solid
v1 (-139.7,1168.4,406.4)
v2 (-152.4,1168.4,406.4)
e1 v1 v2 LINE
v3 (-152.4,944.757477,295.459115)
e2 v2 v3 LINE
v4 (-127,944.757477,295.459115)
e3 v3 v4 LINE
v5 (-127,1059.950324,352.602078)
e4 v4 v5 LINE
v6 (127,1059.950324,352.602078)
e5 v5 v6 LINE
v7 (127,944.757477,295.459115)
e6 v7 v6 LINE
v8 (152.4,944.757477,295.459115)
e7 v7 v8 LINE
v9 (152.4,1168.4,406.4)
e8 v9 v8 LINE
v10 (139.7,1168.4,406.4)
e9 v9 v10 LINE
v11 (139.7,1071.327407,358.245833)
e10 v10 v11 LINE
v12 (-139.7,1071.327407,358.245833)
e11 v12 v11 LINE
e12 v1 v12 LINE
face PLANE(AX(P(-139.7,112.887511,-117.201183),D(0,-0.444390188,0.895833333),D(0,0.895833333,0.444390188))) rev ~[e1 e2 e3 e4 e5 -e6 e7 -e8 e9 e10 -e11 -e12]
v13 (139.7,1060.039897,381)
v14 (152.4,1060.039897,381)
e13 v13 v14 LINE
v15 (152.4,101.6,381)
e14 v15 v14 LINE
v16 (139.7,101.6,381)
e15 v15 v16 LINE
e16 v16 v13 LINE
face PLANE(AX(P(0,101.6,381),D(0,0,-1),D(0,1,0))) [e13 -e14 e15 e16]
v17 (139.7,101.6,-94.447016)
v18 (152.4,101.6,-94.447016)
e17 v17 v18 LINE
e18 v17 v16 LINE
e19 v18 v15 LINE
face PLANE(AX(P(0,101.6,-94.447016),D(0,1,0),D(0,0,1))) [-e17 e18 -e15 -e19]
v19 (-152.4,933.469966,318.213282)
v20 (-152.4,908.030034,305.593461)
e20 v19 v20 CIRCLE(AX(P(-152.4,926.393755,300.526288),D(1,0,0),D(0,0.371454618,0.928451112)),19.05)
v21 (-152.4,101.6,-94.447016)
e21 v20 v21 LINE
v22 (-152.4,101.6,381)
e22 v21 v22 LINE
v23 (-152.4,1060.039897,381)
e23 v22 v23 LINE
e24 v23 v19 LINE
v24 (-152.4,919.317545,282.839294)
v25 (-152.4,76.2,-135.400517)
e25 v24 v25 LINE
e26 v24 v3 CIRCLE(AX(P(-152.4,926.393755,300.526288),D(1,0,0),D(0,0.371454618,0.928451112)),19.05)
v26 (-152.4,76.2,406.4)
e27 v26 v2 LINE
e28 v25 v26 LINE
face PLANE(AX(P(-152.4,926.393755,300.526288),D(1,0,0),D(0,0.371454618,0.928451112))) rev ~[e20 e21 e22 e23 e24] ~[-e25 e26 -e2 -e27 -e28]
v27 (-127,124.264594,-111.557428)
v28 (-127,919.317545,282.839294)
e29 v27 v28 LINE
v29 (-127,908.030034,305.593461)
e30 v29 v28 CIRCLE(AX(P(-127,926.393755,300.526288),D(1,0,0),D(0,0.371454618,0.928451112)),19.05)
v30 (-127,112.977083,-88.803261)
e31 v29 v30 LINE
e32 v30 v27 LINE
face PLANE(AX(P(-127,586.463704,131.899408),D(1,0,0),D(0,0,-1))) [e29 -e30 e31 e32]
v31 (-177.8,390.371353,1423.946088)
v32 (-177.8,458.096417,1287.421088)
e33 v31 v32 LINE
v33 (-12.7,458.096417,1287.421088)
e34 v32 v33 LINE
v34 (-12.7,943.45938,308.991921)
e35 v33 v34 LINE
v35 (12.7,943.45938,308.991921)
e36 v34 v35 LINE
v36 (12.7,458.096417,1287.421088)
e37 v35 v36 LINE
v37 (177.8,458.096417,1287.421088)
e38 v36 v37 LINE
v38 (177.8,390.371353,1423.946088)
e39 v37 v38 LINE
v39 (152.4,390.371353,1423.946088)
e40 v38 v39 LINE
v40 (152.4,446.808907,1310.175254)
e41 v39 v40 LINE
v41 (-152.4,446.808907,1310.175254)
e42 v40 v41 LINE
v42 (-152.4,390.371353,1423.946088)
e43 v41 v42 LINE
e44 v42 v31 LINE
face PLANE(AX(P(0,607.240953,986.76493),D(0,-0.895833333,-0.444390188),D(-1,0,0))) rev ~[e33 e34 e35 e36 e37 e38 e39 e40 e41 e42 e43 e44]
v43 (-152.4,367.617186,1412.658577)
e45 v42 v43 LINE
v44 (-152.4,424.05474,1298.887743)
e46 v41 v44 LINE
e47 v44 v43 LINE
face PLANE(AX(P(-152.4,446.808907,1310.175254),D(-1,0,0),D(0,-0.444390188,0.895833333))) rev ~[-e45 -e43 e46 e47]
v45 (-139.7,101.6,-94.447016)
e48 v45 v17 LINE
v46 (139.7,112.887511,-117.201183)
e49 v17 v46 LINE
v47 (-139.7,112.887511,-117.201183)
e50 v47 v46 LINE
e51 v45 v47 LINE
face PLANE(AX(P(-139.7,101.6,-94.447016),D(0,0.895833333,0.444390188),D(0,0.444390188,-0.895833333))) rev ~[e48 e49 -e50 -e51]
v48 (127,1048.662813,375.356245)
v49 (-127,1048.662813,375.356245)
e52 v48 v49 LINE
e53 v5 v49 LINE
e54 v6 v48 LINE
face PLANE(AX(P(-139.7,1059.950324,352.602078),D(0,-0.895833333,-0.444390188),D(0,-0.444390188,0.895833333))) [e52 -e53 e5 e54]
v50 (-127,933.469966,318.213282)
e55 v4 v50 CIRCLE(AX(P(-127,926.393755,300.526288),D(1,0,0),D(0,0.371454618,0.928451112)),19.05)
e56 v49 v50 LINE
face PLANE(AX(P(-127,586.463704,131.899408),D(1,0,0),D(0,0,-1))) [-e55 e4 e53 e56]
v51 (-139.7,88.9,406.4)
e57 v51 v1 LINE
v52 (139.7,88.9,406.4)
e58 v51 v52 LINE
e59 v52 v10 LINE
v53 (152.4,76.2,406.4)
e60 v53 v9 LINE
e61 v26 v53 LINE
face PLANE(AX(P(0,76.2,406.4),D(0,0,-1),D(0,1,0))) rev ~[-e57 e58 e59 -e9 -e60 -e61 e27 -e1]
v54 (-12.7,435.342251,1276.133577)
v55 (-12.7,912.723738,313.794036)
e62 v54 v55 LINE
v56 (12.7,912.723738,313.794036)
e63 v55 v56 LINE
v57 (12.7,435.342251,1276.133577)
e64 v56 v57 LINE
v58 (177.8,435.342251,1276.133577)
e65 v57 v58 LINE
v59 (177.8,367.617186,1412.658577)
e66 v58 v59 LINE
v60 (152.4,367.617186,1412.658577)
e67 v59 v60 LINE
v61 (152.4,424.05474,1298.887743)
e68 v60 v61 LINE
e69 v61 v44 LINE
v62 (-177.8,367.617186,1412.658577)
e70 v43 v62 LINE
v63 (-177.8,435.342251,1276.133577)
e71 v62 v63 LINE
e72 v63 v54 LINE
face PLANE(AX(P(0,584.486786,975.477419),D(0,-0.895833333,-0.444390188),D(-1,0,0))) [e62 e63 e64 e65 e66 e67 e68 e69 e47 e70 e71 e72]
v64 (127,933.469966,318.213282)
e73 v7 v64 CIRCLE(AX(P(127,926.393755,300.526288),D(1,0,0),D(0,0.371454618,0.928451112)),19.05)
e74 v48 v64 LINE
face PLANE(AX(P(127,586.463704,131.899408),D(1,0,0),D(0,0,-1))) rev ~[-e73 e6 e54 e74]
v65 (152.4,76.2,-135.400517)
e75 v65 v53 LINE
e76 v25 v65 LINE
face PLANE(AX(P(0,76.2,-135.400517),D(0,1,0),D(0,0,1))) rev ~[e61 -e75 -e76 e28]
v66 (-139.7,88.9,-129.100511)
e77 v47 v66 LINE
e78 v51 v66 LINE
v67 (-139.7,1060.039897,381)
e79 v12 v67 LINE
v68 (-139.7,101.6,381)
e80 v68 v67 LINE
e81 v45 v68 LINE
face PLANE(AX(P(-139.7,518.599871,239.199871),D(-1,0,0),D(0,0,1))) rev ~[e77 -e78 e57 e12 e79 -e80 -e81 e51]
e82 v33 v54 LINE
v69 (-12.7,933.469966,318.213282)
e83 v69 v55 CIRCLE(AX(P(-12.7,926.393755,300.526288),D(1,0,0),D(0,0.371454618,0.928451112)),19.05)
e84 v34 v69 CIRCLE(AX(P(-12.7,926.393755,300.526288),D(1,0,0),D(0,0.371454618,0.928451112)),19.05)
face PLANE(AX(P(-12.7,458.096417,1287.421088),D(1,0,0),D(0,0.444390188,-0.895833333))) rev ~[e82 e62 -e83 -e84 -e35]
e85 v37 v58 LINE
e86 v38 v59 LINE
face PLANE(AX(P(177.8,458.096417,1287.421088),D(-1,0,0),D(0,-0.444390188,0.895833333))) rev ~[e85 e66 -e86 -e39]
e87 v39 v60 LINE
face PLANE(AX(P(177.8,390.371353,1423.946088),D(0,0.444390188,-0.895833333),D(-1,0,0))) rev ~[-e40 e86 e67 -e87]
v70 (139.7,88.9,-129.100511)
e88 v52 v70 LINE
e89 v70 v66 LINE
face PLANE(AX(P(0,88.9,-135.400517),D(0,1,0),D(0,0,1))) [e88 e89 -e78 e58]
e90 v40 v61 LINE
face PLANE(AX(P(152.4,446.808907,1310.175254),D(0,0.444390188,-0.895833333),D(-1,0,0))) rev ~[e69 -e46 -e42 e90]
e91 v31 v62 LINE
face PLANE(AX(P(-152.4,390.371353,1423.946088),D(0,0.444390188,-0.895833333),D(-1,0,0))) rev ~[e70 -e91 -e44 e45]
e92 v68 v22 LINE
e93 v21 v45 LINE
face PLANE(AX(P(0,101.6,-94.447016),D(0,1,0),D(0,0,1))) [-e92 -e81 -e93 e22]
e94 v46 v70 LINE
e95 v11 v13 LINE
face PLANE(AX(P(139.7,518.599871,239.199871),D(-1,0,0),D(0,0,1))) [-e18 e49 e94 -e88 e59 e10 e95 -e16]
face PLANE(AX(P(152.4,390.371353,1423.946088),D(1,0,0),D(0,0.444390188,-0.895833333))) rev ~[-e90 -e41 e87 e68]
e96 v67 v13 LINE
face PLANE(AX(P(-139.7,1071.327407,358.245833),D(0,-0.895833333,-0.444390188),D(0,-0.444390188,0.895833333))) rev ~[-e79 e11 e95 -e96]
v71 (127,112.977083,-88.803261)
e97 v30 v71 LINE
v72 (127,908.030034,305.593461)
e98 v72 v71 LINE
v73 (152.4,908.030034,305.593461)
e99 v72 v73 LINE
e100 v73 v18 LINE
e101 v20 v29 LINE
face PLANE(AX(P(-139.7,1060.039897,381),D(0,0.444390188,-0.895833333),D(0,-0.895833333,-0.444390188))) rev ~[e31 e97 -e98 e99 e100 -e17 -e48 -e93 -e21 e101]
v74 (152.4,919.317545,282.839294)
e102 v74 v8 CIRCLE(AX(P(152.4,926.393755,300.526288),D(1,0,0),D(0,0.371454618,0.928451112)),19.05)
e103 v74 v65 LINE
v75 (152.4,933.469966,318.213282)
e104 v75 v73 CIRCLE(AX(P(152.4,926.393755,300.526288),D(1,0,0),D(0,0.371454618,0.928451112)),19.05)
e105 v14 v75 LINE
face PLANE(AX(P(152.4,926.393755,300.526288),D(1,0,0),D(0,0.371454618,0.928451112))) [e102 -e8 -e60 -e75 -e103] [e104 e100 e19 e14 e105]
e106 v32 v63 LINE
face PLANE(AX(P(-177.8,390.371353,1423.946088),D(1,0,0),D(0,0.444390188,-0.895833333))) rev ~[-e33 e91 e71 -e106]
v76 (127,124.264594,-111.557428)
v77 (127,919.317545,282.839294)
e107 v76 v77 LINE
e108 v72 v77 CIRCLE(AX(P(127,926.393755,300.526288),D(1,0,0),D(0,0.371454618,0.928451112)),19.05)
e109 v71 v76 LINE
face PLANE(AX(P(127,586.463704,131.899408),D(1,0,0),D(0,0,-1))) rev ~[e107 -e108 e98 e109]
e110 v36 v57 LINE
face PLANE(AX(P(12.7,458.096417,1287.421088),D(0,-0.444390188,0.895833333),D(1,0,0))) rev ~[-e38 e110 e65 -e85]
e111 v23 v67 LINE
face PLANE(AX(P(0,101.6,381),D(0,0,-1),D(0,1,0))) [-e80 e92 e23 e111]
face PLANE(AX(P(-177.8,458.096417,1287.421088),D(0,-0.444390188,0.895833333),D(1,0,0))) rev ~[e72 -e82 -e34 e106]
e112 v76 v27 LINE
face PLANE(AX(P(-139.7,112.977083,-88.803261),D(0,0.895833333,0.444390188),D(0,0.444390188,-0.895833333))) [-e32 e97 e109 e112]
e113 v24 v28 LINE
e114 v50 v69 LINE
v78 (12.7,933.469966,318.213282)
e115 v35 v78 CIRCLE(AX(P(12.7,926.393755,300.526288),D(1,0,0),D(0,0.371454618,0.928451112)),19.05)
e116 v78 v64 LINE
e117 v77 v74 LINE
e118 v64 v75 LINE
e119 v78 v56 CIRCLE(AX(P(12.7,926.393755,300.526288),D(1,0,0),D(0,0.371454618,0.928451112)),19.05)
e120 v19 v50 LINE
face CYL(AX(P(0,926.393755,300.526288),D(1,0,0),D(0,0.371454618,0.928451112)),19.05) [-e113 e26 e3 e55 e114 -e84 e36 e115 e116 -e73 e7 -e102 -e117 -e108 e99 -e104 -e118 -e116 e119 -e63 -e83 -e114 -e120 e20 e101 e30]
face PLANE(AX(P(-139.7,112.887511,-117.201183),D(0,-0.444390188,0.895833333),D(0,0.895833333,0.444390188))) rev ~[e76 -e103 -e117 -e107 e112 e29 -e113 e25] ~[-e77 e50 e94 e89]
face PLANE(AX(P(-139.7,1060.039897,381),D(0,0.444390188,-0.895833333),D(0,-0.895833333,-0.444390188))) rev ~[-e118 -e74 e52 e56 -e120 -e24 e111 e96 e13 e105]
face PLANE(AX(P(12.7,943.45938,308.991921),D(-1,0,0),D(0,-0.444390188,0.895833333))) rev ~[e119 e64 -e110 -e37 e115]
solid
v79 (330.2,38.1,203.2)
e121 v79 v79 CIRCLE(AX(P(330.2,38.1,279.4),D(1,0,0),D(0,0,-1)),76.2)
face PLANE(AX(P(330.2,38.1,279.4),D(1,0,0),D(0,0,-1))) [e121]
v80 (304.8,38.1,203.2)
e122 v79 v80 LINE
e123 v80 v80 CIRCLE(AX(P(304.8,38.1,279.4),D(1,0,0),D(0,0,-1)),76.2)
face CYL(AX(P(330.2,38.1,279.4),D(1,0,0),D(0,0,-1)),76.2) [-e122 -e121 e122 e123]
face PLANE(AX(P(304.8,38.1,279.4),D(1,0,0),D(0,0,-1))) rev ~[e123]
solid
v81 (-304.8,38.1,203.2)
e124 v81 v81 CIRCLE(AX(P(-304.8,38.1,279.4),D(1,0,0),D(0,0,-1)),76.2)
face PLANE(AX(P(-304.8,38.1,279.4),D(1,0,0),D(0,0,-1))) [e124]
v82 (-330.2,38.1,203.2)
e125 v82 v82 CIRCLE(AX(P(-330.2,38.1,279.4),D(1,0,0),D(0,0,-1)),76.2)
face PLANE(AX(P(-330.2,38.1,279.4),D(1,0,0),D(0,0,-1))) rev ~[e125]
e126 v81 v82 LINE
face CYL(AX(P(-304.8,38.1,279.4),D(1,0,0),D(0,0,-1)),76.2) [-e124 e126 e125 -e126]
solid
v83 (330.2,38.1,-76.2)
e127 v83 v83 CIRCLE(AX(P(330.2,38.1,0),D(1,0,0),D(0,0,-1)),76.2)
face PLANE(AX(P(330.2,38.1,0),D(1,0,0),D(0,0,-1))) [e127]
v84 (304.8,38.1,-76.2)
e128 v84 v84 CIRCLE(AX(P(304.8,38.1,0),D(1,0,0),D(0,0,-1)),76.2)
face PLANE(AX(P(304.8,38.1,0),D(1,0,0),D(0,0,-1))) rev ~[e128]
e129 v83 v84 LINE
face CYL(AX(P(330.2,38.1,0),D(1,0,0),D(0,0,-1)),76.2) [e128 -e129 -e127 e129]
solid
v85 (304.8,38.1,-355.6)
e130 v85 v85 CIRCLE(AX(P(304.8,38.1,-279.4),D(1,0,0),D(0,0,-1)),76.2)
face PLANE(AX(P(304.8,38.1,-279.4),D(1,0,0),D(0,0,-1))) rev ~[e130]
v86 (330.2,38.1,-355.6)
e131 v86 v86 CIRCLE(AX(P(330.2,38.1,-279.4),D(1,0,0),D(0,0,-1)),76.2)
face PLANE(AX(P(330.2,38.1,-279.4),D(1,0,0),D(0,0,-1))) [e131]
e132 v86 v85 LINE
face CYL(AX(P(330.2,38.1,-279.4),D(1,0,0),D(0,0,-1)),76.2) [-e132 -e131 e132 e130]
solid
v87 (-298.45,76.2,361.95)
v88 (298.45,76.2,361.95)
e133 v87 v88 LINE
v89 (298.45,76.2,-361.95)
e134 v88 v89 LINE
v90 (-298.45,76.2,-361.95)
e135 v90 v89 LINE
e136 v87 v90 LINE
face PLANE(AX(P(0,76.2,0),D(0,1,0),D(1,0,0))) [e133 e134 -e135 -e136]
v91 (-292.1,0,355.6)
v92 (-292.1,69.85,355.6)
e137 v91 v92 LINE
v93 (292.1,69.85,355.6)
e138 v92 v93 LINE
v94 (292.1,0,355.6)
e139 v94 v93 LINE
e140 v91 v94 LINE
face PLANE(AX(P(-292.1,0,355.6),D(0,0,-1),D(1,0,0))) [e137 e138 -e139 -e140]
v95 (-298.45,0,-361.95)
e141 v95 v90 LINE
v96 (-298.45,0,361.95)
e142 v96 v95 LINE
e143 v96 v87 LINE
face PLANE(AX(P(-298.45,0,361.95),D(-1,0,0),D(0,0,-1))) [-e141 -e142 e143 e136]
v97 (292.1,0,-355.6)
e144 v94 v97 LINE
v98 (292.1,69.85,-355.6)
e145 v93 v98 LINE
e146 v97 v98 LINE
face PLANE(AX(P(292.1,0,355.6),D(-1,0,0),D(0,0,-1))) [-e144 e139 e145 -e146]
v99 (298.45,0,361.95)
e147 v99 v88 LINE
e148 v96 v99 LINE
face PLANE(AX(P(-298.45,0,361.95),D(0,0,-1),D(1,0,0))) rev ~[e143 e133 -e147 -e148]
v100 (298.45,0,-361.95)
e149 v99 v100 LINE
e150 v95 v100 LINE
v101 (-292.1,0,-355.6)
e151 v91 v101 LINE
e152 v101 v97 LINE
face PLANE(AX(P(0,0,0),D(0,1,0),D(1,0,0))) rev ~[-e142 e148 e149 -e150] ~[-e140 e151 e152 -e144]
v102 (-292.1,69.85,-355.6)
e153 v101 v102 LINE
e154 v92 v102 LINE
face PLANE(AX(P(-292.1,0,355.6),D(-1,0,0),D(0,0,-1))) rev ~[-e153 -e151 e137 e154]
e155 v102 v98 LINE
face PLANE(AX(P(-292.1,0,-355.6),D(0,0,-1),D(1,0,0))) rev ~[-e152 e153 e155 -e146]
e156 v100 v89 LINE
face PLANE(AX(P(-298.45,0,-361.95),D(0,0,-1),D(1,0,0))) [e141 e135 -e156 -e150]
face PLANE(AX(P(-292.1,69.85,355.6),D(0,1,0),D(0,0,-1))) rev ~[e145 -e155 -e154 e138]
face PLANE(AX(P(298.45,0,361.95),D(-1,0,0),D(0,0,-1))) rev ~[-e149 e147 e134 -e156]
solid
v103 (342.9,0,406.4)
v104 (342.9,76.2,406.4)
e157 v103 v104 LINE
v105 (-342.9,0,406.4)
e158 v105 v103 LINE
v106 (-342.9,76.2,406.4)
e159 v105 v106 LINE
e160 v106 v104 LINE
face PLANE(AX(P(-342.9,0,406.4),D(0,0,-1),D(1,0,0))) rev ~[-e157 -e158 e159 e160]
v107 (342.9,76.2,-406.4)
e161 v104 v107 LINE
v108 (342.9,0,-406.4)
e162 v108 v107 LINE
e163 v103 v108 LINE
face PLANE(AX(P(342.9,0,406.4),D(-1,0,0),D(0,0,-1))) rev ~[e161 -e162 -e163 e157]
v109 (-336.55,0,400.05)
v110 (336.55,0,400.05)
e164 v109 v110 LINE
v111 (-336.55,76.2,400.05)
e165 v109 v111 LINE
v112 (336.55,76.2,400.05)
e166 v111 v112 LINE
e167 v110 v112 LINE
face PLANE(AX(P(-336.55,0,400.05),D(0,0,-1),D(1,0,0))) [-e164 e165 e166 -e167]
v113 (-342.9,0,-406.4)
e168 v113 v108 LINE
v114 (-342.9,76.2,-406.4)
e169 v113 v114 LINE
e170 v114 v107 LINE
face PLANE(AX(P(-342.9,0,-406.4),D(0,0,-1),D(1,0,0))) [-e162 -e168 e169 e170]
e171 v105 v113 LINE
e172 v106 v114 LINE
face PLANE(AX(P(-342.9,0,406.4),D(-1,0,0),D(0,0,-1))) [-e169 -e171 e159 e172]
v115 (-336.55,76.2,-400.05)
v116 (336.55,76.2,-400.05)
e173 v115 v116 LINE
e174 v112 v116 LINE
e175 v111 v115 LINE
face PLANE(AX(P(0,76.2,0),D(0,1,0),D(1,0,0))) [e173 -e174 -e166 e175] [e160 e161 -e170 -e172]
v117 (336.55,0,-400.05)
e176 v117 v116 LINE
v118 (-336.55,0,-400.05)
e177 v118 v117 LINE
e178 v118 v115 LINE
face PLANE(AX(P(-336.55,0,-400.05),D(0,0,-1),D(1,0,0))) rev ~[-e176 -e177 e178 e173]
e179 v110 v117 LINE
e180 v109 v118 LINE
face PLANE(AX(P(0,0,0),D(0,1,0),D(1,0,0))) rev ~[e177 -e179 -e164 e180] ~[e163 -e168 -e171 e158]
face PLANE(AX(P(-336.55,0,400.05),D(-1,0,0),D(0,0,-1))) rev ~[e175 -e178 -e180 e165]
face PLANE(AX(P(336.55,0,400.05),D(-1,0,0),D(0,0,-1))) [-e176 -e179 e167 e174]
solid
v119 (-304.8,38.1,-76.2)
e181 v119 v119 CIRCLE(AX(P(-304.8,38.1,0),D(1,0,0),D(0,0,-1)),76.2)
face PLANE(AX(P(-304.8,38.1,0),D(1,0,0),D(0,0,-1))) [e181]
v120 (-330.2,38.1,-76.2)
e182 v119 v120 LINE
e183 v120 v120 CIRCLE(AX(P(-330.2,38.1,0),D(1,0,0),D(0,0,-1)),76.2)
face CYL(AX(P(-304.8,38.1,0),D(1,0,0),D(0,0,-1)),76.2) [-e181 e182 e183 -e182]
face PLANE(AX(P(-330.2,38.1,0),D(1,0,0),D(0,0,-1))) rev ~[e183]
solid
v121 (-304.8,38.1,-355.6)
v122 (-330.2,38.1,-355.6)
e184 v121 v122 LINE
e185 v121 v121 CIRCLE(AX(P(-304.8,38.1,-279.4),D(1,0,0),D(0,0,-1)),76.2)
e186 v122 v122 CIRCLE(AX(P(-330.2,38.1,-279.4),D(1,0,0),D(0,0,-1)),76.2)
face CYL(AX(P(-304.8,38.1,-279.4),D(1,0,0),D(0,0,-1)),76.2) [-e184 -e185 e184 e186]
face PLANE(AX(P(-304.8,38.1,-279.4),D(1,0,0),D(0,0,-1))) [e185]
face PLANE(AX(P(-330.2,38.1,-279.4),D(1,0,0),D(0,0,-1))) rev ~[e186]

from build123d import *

# Parameters (mm, degrees)
SKETCH3_W             = 685.8
SKETCH3_H             = 812.8
SKETCH3_W_2           = 673.1
SKETCH3_H_2           = 800.1
EXTRUDE_THIN1_DEPTH   = 76.2
SKETCH5_W             = 596.9
SKETCH5_H             = 723.9
SKETCH5_W_2           = 584.2
SKETCH5_H_2           = 711.2
EXTRUDE_THIN2_DEPTH   = 76.2
BOSS_EXTRUDE2_START   = -12.7
SKETCH6_R             = 76.2
BOSS_EXTRUDE2_DEPTH   = 25.4
BOSS_EXTRUDE2_2_DEPTH = 25.4
BOSS_EXTRUDE2_3_DEPTH = 25.4
BOSS_EXTRUDE3_START   = 622.3
SKETCH6_2_R           = 76.2
BOSS_EXTRUDE3_DEPTH   = 25.4
BOSS_EXTRUDE3_2_DEPTH = 25.4
BOSS_EXTRUDE3_3_DEPTH = 25.4
SKETCH10_W            = 711.2
SKETCH10_H            = 6.35
EXTRUDE_THIN3_DEPTH   = 584.2
EXTRUDE_THIN4_DEPTH   = 152.4
SHELL2_T              = -12.7
BOSS_EXTRUDE4_DEPTH   = 279.4
SHELL3_T              = -12.7
SKETCH13_R            = 19.05
BOSS_EXTRUDE5_DEPTH   = 152.4
BOSS_EXTRUDE6_DEPTH   = 25.4


with BuildPart() as part:
    # Sketch3 → Extrude-Thin1 (new body)
    with BuildSketch(Plane(origin=(0, 0, 0), x_dir=(1, 0, 0), z_dir=(0, 1, 0))):
        Rectangle(SKETCH3_W, SKETCH3_H)
        Rectangle(SKETCH3_W_2, SKETCH3_H_2, mode=Mode.SUBTRACT)
    extrude(amount=EXTRUDE_THIN1_DEPTH)


with BuildPart() as body_2:
    # Sketch5 → Extrude-Thin2 (new body)
    with BuildSketch(Plane(origin=(0, 0, 0), x_dir=(1, 0, 0), z_dir=(0, 1, 0))):
        Rectangle(SKETCH5_W, SKETCH5_H)
        Rectangle(SKETCH5_W_2, SKETCH5_H_2, mode=Mode.SUBTRACT)
    extrude(amount=EXTRUDE_THIN2_DEPTH)

    # Sketch10 → Extrude-Thin3 (add)
    with BuildSketch(Plane(origin=(-292.1, 0, 0), x_dir=(0, 0, -1), z_dir=(1, 0, 0))):
        with Locations((0, 73.025)):
            Rectangle(SKETCH10_W, SKETCH10_H)
    extrude(amount=EXTRUDE_THIN3_DEPTH)


with BuildPart() as body_3:
    # Sketch6 → Boss-Extrude2 (new body)
    with BuildSketch(Plane(origin=(-292.1, 0, 0), x_dir=(0, 0, -1), z_dir=(1, 0, 0)).offset(BOSS_EXTRUDE2_START)):
        with Locations((0, 38.1)):
            Circle(SKETCH6_R)
    extrude(amount=-BOSS_EXTRUDE2_DEPTH)


with BuildPart() as body_4:
    # Sketch6 → Boss-Extrude2 2 (new body)
    with BuildSketch(Plane(origin=(-292.1, 0, 0), x_dir=(0, 0, -1), z_dir=(1, 0, 0)).offset(BOSS_EXTRUDE2_START)):
        with Locations((-279.4, 38.1)):
            Circle(SKETCH6_R)
    extrude(amount=-BOSS_EXTRUDE2_2_DEPTH)


with BuildPart() as body_5:
    # Sketch6 → Boss-Extrude2 3 (new body)
    with BuildSketch(Plane(origin=(-292.1, 0, 0), x_dir=(0, 0, -1), z_dir=(1, 0, 0)).offset(BOSS_EXTRUDE2_START)):
        with Locations((279.4, 38.1)):
            Circle(SKETCH6_R)
    extrude(amount=-BOSS_EXTRUDE2_3_DEPTH)


with BuildPart() as body_6:
    # Sketch6<2> → Boss-Extrude3 (new body)
    with BuildSketch(Plane(origin=(-292.1, 0, 0), x_dir=(0, 0, -1), z_dir=(1, 0, 0)).offset(BOSS_EXTRUDE3_START)):
        with Locations((0, 38.1)):
            Circle(SKETCH6_2_R)
    extrude(amount=-BOSS_EXTRUDE3_DEPTH)


with BuildPart() as body_7:
    # Sketch6<2> → Boss-Extrude3 2 (new body)
    with BuildSketch(Plane(origin=(-292.1, 0, 0), x_dir=(0, 0, -1), z_dir=(1, 0, 0)).offset(BOSS_EXTRUDE3_START)):
        with Locations((-279.4, 38.1)):
            Circle(SKETCH6_2_R)
    extrude(amount=-BOSS_EXTRUDE3_2_DEPTH)


with BuildPart() as body_8:
    # Sketch6<2> → Boss-Extrude3 3 (new body)
    with BuildSketch(Plane(origin=(-292.1, 0, 0), x_dir=(0, 0, -1), z_dir=(1, 0, 0)).offset(BOSS_EXTRUDE3_START)):
        with Locations((279.4, 38.1)):
            Circle(SKETCH6_2_R)
    extrude(amount=-BOSS_EXTRUDE3_3_DEPTH)


with BuildPart() as body_9:
    # Sketch11 → Extrude-Thin4 (new, symmetric)
    with BuildSketch(Plane(origin=(0, 0, 0), x_dir=(0, 0, -1), z_dir=(1, 0, 0))):
        Polygon((-406.4, 76.2), (-406.4, 1168.4), (135.400516796, 76.2), align=None)
        Polygon((-381, 101.6), (-381, 1060.039896641), (94.447016405, 101.6), align=None, mode=Mode.SUBTRACT)
    extrude(amount=EXTRUDE_THIN4_DEPTH, both=True)

    # Shell2
    shell2_openings = [body_9.faces().sort_by_distance(p)[0] for p in [
        (0, 101.6, 143.276491797),
        (0, 580.81994832, 143.276491797),
        (0, 580.81994832, 381),
        (0, 622.3, 406.4),
        (0, 622.3, 135.499741602),
    ]]
    offset(amount=SHELL2_T, openings=shell2_openings, kind=Kind.INTERSECTION)



with BuildPart() as body_10:
    # Sketch12 → Boss-Extrude4 (new body)
    with BuildSketch(Plane(origin=(-139.7, 0, 0), x_dir=(0, 0, -1), z_dir=(1, 0, 0))):
        Polygon((-381, 1060.039896641), (94.447016405, 101.6), (117.201183072, 112.887510767), (-358.245833333, 1071.327407407), align=None)
    extrude(amount=BOSS_EXTRUDE4_DEPTH)

    # Shell3
    shell3_openings = [body_10.faces().sort_by_distance(p)[0] for p in [
        (0, 592.107459087, 120.522325131),
        (0, 580.81994832, 143.276491797),
    ]]
    offset(amount=SHELL3_T, openings=shell3_openings, kind=Kind.INTERSECTION)


with BuildPart() as body_9_1:
    add(body_9.part)

    add(body_10.part)  # Boss-Extrude5 merges body 10
    # Sketch13 → Boss-Extrude5 (add, symmetric)
    with BuildSketch(Plane(origin=(0, 0, 0), x_dir=(0, 0, -1), z_dir=(1, 0, 0))):
        with Locations(Location((-300.526287858, 926.393755383, 0), (0, 0, 158.194644645))):
            Circle(SKETCH13_R)
    extrude(amount=BOSS_EXTRUDE5_DEPTH, both=True)

    # Sketch14 → Boss-Extrude6 (add)
    with BuildSketch(Plane(origin=(0, 880.15207481, 436.611288217), x_dir=(1, 0, 0), z_dir=(0, 0.8958333333333334, 0.4443901876604491))):
        Polygon((-12.7, 142.458828596), (12.7, 142.458828596), (12.7, -949.741171404), (177.8, -949.741171404), (177.8, -1102.141171404), (152.4, -1102.141171404), (152.4, -975.141171404), (-152.4, -975.141171404), (-152.4, -1102.141171404), (-177.8, -1102.141171404), (-177.8, -949.741171404), (-12.7, -949.741171404), align=None)
    extrude(amount=-BOSS_EXTRUDE6_DEPTH)


solid = Compound([part.part, body_2.part, body_3.part, body_4.part, body_5.part, body_6.part, body_7.part, body_8.part, body_9_1.part])
